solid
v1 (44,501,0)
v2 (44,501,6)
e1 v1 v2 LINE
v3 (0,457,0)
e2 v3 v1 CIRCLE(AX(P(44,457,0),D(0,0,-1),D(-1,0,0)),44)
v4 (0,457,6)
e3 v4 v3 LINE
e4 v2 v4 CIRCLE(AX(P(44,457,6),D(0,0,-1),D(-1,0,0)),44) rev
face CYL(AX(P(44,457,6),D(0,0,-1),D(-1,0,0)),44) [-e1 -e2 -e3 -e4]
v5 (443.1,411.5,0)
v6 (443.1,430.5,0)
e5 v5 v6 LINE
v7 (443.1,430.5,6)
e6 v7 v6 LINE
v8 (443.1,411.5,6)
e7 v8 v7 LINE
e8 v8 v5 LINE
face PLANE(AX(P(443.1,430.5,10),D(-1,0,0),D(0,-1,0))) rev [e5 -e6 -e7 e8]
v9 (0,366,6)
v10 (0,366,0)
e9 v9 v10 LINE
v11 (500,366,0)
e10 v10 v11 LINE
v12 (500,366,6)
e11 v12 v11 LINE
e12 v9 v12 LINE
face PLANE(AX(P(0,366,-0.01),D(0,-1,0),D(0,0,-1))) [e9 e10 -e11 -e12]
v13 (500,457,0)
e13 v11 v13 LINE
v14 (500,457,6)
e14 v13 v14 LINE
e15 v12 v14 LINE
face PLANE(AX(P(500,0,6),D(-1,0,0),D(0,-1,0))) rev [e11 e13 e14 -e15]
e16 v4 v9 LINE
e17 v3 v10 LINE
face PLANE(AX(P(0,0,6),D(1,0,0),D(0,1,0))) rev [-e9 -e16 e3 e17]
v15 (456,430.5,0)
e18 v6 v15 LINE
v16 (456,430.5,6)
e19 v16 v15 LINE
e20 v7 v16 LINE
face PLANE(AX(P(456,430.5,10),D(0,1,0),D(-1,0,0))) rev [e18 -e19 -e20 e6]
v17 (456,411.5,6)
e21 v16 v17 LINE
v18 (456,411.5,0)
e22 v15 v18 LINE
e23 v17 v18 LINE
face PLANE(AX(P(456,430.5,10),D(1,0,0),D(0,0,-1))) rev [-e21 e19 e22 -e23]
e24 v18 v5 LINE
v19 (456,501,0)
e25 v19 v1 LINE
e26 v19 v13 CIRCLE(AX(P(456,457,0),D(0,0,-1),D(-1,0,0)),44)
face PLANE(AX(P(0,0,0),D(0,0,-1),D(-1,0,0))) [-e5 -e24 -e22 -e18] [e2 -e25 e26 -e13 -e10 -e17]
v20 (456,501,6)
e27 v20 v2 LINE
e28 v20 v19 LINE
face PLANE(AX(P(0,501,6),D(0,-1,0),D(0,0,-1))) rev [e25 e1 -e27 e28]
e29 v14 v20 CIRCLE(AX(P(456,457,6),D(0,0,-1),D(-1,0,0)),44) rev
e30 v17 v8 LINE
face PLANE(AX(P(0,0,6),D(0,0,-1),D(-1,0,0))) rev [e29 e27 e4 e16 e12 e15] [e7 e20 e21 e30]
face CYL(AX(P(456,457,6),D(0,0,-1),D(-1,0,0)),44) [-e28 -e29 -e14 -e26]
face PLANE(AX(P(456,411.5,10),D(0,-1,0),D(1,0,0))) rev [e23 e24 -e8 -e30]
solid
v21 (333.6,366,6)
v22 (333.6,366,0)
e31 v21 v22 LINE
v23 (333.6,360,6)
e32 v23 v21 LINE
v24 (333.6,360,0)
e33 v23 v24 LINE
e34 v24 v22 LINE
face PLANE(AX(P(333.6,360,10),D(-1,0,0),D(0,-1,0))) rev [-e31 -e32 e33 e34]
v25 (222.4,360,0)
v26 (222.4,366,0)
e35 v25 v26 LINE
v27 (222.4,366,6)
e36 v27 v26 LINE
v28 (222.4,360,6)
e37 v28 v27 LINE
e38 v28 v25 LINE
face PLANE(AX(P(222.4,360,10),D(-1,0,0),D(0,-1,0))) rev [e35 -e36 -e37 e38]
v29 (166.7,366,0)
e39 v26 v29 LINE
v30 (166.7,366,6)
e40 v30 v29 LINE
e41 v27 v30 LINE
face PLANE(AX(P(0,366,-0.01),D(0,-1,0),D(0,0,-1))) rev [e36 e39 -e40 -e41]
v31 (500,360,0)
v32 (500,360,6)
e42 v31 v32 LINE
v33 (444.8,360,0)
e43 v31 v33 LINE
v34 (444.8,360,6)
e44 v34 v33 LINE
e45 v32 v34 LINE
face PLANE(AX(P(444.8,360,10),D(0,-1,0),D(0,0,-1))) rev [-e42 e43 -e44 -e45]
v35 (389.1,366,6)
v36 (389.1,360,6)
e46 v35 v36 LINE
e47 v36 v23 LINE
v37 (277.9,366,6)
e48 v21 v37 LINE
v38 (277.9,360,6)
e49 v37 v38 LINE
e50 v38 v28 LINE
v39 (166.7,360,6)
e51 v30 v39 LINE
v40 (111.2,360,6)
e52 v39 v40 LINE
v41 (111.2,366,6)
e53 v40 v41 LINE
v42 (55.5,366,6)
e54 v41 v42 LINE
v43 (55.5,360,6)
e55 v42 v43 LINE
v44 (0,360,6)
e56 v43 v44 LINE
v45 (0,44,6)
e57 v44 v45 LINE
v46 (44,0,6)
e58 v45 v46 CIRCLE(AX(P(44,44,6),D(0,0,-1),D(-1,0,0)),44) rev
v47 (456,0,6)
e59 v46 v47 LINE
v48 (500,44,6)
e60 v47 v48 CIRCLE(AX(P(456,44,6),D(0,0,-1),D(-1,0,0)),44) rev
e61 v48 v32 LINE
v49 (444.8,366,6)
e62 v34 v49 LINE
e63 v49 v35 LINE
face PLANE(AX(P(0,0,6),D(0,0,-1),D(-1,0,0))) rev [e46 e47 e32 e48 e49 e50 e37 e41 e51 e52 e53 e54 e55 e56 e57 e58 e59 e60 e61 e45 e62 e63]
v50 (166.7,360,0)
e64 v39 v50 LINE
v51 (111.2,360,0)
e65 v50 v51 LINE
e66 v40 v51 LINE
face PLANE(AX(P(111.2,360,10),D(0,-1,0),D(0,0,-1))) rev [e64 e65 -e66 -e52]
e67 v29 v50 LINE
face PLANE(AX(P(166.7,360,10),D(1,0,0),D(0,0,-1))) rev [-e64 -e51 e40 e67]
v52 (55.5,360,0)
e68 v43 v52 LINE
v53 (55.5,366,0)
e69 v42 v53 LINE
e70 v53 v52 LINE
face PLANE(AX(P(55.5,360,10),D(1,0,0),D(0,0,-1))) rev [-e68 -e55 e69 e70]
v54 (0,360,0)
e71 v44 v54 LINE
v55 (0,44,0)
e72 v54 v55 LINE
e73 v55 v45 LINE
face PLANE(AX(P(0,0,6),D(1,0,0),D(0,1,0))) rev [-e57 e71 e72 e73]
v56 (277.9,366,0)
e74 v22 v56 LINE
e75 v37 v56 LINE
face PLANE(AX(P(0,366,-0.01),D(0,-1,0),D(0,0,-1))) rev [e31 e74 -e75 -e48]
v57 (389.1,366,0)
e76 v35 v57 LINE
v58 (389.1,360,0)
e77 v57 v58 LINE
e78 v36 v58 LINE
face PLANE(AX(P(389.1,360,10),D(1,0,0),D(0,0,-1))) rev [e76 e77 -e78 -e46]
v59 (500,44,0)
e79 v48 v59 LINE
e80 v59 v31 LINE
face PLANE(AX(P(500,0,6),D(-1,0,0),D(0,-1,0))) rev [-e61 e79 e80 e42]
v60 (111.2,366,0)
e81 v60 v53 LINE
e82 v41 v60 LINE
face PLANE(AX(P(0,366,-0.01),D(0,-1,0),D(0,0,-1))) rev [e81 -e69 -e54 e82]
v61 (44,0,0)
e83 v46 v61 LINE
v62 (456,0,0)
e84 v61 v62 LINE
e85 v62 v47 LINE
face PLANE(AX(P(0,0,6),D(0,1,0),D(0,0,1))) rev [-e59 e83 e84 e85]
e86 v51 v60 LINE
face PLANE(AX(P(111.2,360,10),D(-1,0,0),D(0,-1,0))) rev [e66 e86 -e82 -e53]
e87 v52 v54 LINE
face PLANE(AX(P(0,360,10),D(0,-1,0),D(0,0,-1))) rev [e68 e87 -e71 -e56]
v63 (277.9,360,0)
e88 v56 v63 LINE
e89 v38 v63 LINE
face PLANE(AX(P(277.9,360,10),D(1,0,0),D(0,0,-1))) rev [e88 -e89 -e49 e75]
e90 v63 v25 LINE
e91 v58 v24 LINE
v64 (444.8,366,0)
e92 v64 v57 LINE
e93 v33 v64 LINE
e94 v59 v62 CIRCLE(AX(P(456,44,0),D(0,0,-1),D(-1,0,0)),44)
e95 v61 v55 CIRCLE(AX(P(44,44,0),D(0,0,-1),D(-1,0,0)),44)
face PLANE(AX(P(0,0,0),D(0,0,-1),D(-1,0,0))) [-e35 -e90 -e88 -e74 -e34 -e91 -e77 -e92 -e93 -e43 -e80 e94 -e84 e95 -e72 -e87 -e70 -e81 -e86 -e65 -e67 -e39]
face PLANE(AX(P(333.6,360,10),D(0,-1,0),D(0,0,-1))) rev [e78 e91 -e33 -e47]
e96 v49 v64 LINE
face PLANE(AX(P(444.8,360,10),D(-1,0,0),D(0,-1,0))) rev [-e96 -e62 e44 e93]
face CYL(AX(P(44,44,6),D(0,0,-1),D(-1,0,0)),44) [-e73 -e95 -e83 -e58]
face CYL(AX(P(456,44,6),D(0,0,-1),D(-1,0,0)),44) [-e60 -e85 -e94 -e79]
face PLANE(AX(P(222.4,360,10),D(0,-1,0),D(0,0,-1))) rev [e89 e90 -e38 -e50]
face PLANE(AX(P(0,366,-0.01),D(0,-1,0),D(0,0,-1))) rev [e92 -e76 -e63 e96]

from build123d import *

# Parameters (mm, degrees)
SKETCH1_W              = 500
SKETCH1_H              = 501
BOSS_EXTRUDE1_DEPTH    = 6
FILLET1_R              = 44
SKETCH2_W              = 55.5
SKETCH2_H              = 6
CUT_EXTRUDE1_DEPTH     = 10
LPATTERN1_COUNT        = 5
LPATTERN1_PITCH        = 111.2
SKETCH4_W              = 12.9
SKETCH4_H              = 19
CUT_EXTRUDE3_DEPTH     = 10
SPLIT1_SURFACE_1_BACK  = 708.84
SPLIT1_SURFACE_1_DEPTH = 1417.68
SPLIT1_SURFACE_2_BACK  = 708.84
SPLIT1_SURFACE_2_DEPTH = 1417.68


with BuildPart() as part:
    # Sketch1 → Boss-Extrude1 (new body)
    with BuildSketch(Plane.XY):
        with Locations((250, 250.5)):
            Rectangle(SKETCH1_W, SKETCH1_H)
    extrude(amount=BOSS_EXTRUDE1_DEPTH)

    # Fillet1
    fillet1_edges = [part.edges().sort_by_distance(p)[0] for p in [
        (0, 501, 3),
        (500, 501, 3),
        (500, 0, 3),
        (0, 0, 3),
    ]]
    fillet(fillet1_edges, radius=FILLET1_R)

    # Sketch2 → Cut-Extrude1 (cut)
    with BuildSketch(Plane(origin=(0, 0, 0), x_dir=(-1, 0, 0), z_dir=(0, 0, -1))):
        with Locations((-27.75, 363)):
            Rectangle(SKETCH2_W, SKETCH2_H)
    cut_extrude1 = extrude(amount=-CUT_EXTRUDE1_DEPTH, mode=Mode.SUBTRACT)

    # LPattern1: Cut-Extrude1 ×5
    with Locations(*[(i * LPATTERN1_PITCH, 0, 0) for i in range(1, LPATTERN1_COUNT)]):
        add(cut_extrude1, mode=Mode.SUBTRACT)

    # Sketch4 → Cut-Extrude3 (cut)
    with BuildSketch(Plane(origin=(0, 0, 0), x_dir=(-1, 0, 0), z_dir=(0, 0, -1))):
        with Locations((-449.55, 421)):
            Rectangle(SKETCH4_W, SKETCH4_H)
    extrude(amount=-CUT_EXTRUDE3_DEPTH, mode=Mode.SUBTRACT)


with BuildPart() as body_2:
    # Split1: the piece behind the surface
    add(part.part)
    # Split1 surface: a surface, the sketch's curves swept straight by 1417.68 mm
    with BuildLine(Plane.XY.offset(6).offset(-SPLIT1_SURFACE_1_BACK), mode=Mode.PRIVATE) as split1_surface_1_path:
        Line((0, 366), (500, 366))
    split1_surface_1 = Shell.extrude(split1_surface_1_path.wire(), (0 * SPLIT1_SURFACE_1_DEPTH, 0 * SPLIT1_SURFACE_1_DEPTH, 1 * SPLIT1_SURFACE_1_DEPTH))
    split(bisect_by=split1_surface_1, keep=Keep.BOTTOM)


with BuildPart() as part_1:
    add(part.part)

    # Split1: split by a surface, the side it looks to stays
    # Split1 surface: a surface, the sketch's curves swept straight by 1417.68 mm
    with BuildLine(Plane.XY.offset(6).offset(-SPLIT1_SURFACE_2_BACK), mode=Mode.PRIVATE) as split1_surface_2_path:
        Line((0, 366), (500, 366))
    split1_surface_2 = Shell.extrude(split1_surface_2_path.wire(), (0 * SPLIT1_SURFACE_2_DEPTH, 0 * SPLIT1_SURFACE_2_DEPTH, 1 * SPLIT1_SURFACE_2_DEPTH))
    split(bisect_by=split1_surface_2, keep=Keep.TOP)


solid = Compound([body_2.part, part_1.part])
